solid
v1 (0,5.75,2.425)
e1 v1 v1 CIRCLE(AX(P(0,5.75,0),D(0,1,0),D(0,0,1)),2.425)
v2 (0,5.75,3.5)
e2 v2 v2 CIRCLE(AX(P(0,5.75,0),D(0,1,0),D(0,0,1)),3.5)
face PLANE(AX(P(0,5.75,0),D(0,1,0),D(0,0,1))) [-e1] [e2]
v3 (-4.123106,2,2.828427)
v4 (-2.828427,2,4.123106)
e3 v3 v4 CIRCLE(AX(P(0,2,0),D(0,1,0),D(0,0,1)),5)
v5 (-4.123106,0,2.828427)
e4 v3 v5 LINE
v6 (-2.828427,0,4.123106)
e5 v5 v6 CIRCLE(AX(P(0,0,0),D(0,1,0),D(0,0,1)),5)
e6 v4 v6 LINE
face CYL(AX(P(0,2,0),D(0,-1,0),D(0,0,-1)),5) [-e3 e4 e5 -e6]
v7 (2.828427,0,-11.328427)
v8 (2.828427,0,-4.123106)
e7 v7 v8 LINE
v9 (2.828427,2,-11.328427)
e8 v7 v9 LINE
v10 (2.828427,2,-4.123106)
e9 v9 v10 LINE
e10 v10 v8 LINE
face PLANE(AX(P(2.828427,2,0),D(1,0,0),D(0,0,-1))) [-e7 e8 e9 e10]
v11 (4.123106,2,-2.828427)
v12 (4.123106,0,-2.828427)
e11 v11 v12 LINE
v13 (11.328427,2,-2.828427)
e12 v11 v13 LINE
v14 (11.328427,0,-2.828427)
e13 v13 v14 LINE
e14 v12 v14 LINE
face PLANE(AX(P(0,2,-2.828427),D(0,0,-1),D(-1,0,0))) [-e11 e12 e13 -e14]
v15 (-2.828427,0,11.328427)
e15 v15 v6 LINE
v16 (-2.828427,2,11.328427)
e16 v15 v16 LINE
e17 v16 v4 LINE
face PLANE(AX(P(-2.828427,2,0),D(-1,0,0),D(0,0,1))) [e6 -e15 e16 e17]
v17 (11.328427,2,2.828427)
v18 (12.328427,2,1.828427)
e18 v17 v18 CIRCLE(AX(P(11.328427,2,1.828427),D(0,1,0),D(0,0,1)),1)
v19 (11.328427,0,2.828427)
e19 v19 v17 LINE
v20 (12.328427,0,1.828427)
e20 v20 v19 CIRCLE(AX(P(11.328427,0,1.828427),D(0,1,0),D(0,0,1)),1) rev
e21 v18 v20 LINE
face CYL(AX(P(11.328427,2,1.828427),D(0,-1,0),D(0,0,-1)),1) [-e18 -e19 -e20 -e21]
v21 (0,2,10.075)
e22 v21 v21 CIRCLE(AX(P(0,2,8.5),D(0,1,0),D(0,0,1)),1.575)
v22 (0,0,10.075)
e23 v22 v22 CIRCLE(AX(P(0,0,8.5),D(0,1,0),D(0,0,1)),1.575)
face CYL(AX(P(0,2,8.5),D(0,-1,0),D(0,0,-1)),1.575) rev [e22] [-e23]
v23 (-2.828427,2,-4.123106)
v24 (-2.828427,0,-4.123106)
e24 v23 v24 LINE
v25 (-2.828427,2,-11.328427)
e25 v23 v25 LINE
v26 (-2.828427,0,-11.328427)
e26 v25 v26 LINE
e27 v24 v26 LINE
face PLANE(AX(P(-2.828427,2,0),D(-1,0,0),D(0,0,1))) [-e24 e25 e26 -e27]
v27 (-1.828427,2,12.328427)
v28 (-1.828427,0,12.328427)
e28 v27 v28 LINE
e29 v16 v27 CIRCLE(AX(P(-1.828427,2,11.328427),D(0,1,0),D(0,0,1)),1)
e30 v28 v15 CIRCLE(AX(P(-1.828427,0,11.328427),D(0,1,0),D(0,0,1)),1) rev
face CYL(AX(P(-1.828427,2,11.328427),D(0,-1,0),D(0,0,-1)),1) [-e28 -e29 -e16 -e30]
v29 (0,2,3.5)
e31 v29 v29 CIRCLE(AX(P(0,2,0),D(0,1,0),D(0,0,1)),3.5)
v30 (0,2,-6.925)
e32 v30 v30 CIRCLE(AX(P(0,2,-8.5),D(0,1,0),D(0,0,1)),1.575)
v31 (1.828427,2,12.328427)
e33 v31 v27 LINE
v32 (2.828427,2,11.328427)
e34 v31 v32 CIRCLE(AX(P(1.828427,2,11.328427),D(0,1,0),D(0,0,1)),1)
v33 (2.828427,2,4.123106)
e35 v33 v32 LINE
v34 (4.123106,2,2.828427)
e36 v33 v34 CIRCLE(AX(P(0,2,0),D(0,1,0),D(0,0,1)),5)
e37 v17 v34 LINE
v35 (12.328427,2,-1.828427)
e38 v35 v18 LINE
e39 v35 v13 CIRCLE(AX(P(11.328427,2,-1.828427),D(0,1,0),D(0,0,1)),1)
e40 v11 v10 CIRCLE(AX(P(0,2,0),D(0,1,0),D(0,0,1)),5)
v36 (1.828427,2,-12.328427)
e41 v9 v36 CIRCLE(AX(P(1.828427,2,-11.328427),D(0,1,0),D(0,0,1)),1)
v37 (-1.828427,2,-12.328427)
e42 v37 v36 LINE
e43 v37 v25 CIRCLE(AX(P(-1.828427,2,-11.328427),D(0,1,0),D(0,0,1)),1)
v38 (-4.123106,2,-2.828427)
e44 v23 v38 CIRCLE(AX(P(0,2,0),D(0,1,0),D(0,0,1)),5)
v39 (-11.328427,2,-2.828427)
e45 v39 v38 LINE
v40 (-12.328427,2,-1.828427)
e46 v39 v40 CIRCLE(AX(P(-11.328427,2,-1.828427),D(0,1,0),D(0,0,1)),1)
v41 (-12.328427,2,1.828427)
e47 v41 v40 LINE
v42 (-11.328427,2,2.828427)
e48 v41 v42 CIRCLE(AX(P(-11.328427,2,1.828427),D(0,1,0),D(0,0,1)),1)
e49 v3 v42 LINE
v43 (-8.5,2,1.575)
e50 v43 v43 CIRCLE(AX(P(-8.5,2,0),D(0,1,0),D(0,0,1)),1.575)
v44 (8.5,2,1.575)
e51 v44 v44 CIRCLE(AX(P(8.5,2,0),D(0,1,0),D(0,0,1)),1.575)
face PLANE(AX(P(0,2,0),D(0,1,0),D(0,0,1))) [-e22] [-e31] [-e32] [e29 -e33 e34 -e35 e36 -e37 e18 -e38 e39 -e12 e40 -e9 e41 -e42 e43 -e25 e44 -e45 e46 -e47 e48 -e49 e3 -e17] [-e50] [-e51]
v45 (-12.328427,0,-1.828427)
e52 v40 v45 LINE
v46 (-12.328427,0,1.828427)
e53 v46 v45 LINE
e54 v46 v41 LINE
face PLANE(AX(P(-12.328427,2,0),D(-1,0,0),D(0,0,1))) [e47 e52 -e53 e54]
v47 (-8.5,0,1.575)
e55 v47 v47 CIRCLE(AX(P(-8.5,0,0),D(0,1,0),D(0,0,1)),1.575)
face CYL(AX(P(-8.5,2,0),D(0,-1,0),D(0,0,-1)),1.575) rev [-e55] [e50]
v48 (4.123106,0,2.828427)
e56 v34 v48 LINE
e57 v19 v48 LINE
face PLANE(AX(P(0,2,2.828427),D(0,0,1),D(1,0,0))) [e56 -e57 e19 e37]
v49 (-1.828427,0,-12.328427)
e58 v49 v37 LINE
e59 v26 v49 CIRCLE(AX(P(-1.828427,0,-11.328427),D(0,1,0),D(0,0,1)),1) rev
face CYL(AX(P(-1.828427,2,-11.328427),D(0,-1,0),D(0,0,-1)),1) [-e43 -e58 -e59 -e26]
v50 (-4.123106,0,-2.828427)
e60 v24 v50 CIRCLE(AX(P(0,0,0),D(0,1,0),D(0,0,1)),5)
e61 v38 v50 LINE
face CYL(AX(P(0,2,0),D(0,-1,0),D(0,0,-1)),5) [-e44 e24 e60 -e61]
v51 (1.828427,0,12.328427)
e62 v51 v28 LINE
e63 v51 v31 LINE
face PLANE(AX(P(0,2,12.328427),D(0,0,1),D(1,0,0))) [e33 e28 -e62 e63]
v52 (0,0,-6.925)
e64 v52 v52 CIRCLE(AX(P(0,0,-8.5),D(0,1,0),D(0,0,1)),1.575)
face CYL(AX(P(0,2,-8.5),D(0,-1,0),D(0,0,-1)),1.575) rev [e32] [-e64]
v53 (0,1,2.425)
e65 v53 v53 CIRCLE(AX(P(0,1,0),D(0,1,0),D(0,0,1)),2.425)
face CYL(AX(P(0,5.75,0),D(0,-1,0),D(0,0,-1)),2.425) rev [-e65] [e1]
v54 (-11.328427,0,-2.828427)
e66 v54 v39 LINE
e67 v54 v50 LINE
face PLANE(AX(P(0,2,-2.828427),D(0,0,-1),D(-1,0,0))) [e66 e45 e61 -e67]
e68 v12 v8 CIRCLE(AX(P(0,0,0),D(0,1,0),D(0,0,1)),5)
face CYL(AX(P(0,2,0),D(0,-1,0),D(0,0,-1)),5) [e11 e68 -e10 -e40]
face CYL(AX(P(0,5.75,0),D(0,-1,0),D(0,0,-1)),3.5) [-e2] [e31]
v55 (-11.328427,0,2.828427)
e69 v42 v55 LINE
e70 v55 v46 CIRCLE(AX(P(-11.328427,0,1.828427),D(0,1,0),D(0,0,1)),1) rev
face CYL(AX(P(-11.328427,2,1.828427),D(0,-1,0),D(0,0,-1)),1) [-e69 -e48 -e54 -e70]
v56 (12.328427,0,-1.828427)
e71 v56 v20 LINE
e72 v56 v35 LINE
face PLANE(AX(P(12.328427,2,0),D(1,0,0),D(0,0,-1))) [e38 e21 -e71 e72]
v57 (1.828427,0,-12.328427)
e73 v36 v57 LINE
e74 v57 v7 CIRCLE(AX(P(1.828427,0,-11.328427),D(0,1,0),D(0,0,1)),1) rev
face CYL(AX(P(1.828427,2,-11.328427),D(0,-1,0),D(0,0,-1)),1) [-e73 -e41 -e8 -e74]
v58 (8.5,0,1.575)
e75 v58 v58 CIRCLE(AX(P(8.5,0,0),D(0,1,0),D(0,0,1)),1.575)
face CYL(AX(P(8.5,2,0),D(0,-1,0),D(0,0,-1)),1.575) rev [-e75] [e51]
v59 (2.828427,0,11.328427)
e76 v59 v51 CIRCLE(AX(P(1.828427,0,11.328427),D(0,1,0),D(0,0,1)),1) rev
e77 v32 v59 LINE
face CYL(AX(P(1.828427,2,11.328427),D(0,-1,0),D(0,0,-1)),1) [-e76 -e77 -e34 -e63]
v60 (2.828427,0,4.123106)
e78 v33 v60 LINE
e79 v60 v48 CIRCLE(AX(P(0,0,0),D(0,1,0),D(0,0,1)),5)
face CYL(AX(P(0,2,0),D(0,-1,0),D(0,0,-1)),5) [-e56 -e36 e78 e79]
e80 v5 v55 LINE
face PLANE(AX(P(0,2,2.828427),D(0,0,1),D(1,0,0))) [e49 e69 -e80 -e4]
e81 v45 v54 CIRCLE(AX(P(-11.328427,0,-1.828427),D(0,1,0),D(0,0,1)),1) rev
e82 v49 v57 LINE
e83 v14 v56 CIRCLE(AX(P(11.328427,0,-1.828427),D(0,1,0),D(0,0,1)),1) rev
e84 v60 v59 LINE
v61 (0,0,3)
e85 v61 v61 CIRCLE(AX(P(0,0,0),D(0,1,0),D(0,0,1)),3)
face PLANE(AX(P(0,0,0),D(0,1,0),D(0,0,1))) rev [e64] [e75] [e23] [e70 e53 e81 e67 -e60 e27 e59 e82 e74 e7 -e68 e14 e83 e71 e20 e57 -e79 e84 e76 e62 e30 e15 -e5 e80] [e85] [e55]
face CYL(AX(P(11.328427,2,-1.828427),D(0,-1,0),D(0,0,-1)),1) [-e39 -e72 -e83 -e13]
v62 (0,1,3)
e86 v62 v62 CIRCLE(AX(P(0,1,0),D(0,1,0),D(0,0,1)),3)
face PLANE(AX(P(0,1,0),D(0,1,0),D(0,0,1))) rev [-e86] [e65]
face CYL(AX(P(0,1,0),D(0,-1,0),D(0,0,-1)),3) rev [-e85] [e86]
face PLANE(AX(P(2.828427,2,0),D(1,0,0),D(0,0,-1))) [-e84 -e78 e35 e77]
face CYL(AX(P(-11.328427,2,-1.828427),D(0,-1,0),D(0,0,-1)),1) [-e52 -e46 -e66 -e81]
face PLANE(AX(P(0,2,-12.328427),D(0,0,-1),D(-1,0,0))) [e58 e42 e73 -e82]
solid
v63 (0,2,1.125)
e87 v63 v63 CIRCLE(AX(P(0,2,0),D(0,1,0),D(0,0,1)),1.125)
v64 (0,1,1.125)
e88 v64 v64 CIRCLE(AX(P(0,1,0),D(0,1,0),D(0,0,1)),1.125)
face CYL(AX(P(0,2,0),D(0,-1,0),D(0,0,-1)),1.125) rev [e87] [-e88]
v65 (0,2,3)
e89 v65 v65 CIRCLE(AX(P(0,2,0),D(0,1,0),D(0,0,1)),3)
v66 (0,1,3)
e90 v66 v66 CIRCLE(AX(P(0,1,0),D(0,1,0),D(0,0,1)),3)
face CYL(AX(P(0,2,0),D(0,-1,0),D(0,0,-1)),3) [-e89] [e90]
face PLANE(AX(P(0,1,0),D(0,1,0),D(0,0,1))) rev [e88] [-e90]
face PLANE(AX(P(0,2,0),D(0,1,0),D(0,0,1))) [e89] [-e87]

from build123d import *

# Parameters (mm, degrees)
SKETCH1_R             = 1.575
SKETCH1_R_2           = 3.5
BOSS_EXTRUDE1_DEPTH   = 2
SKETCH1_R_3           = 3
SKETCH1_R_4           = 1.125
BOSS_EXTRUDE1_2_DEPTH = 2
SKETCH1_3_R           = 3.5
SKETCH1_3_R_2         = 2.425
BOSS_EXTRUDE2_DEPTH   = 5.75
FILLET1_R             = 1
CUT_EXTRUDE1_DEPTH    = 1


with BuildPart() as part:
    # Sketch1 → Boss-Extrude1 (new body)
    with BuildSketch(Plane(origin=(0, 0, 0), x_dir=(1, 0, 0), z_dir=(0, 1, 0))):
        with BuildLine():
            ThreePointArc((-2.828427125, 4.123105626), (-3.535533906, 3.535533906), (-4.123105626, 2.828427125))
            Line((-4.123105626, 2.828427125), (-12.328427125, 2.828427125))
            Line((-12.328427125, 2.828427125), (-12.328427125, -2.828427125))
            Line((-12.328427125, -2.828427125), (-4.123105626, -2.828427125))
            ThreePointArc((-4.123105626, -2.828427125), (-3.535533906, -3.535533906), (-2.828427125, -4.123105626))
            Line((-2.828427125, -4.123105626), (-2.828427125, -12.328427125))
            Line((-2.828427125, -12.328427125), (2.828427125, -12.328427125))
            Line((2.828427125, -12.328427125), (2.828427125, -4.123105626))
            ThreePointArc((2.828427125, -4.123105626), (3.535533906, -3.535533906), (4.123105626, -2.828427125))
            Line((4.123105626, -2.828427125), (12.328427125, -2.828427125))
            Line((12.328427125, -2.828427125), (12.328427125, 2.828427125))
            Line((12.328427125, 2.828427125), (4.123105626, 2.828427125))
            ThreePointArc((4.123105626, 2.828427125), (3.535533906, 3.535533906), (2.828427125, 4.123105626))
            Line((2.828427125, 4.123105626), (2.828427125, 12.328427125))
            Line((2.828427125, 12.328427125), (-2.828427125, 12.328427125))
            Line((-2.828427125, 12.328427125), (-2.828427125, 4.123105626))
        make_face()
        with Locations(Location((0, -8.5, 0), (0, 0, 270))):
            Circle(SKETCH1_R, mode=Mode.SUBTRACT)
        with Locations(Location((0, 0, 0), (0, 0, 270))):
            Circle(SKETCH1_R_2, mode=Mode.SUBTRACT)
        with Locations(Location((0, 8.5, 0), (0, 0, 270))):
            Circle(SKETCH1_R, mode=Mode.SUBTRACT)
        with Locations(Location((8.5, 0, 0), (0, 0, 270))):
            Circle(SKETCH1_R, mode=Mode.SUBTRACT)
        with Locations(Location((-8.5, 0, 0), (0, 0, 270))):
            Circle(SKETCH1_R, mode=Mode.SUBTRACT)
    extrude(amount=BOSS_EXTRUDE1_DEPTH)

    # Sketch1<3> → Boss-Extrude2 (add)
    with BuildSketch(Plane(origin=(0, 0, 0), x_dir=(1, 0, 0), z_dir=(0, 1, 0))):
        with Locations(Location((0, 0, 0), (0, 0, 270))):
            Circle(SKETCH1_3_R)
        with Locations(Location((0, 0, 0), (0, 0, 270))):
            Circle(SKETCH1_3_R_2, mode=Mode.SUBTRACT)
    extrude(amount=BOSS_EXTRUDE2_DEPTH)

    # Fillet1
    fillet1_edges = [part.edges().sort_by_distance(p)[0] for p in [
        (-2.828427125, 1, -12.328427125),
        (2.828427125, 1, -12.328427125),
        (12.328427125, 1, -2.828427125),
        (12.328427125, 1, 2.828427125),
        (2.828427125, 1, 12.328427125),
        (-2.828427125, 1, 12.328427125),
        (-12.328427125, 1, 2.828427125),
        (-12.328427125, 1, -2.828427125),
    ]]
    fillet(fillet1_edges, radius=FILLET1_R)


with BuildPart() as body_2:
    # Sketch1 → Boss-Extrude1 2 (new body)
    with BuildSketch(Plane(origin=(0, 0, 0), x_dir=(1, 0, 0), z_dir=(0, 1, 0))):
        with Locations(Location((0, 0, 0), (0, 0, 270))):
            Circle(SKETCH1_R_3)
        with Locations(Location((0, 0, 0), (0, 0, 270))):
            Circle(SKETCH1_R_4, mode=Mode.SUBTRACT)
    extrude(amount=BOSS_EXTRUDE1_2_DEPTH)


with BuildPart() as cut_extrude1_tool:
    # Sketch1<4> → Cut-Extrude1 (new body)
    with BuildSketch(Plane(origin=(0, 0, 0), x_dir=(1, 0, 0), z_dir=(0, 1, 0))):
        with BuildLine():
            Line((1.714733944, 1.714733944), (2.121320344, 2.121320344))
            ThreePointArc((2.121320344, 2.121320344), (1.148050297, 2.771638598), (0, 3))
            Line((0, 3), (0, 2.425))
            ThreePointArc((0, 2.425), (0.928007323, 2.240407866), (1.714733944, 1.714733944))
        make_face()
        with BuildLine():
            ThreePointArc((3, 0), (2.771638598, 1.148050297), (2.121320344, 2.121320344))
            Line((2.121320344, 2.121320344), (1.714733944, 1.714733944))
            ThreePointArc((1.714733944, 1.714733944), (2.240407866, 0.928007323), (2.425, 0))
            ThreePointArc((2.425, 0), (2.240407866, -0.928007323), (1.714733944, -1.714733944))
            Line((1.714733944, -1.714733944), (2.121320344, -2.121320344))
            ThreePointArc((2.121320344, -2.121320344), (2.771638598, -1.148050297), (3, 0))
        make_face()
        with BuildLine():
            ThreePointArc((-2.121320344, -2.121320344), (0, -3), (2.121320344, -2.121320344))
            Line((2.121320344, -2.121320344), (1.714733944, -1.714733944))
            ThreePointArc((1.714733944, -1.714733944), (0, -2.425), (-1.714733944, -1.714733944))
            Line((-1.714733944, -1.714733944), (-2.121320344, -2.121320344))
        make_face()
        with BuildLine():
            Line((-1.714733944, 1.714733944), (-2.121320344, 2.121320344))
            ThreePointArc((-2.121320344, 2.121320344), (-3, 0), (-2.121320344, -2.121320344))
            Line((-2.121320344, -2.121320344), (-1.714733944, -1.714733944))
            ThreePointArc((-1.714733944, -1.714733944), (-2.425, 0), (-1.714733944, 1.714733944))
        make_face()
        with BuildLine():
            ThreePointArc((2.425, 0), (2.240407866, 0.928007323), (1.714733944, 1.714733944))
            Line((1.714733944, 1.714733944), (0.795495129, 0.795495129))
            ThreePointArc((0.795495129, 0.795495129), (1.039364474, 0.430518861), (1.125, 0))
            ThreePointArc((1.125, 0), (1.039364474, -0.430518861), (0.795495129, -0.795495129))
            Line((0.795495129, -0.795495129), (1.714733944, -1.714733944))
            ThreePointArc((1.714733944, -1.714733944), (2.240407866, -0.928007323), (2.425, 0))
        make_face()
        with BuildLine():
            ThreePointArc((-1.714733944, -1.714733944), (0, -2.425), (1.714733944, -1.714733944))
            Line((1.714733944, -1.714733944), (0.795495129, -0.795495129))
            ThreePointArc((0.795495129, -0.795495129), (0, -1.125), (-0.795495129, -0.795495129))
            Line((-0.795495129, -0.795495129), (-1.714733944, -1.714733944))
        make_face()
        with BuildLine():
            Line((-0.795495129, 0.795495129), (-1.714733944, 1.714733944))
            ThreePointArc((-1.714733944, 1.714733944), (-2.425, 0), (-1.714733944, -1.714733944))
            Line((-1.714733944, -1.714733944), (-0.795495129, -0.795495129))
            ThreePointArc((-0.795495129, -0.795495129), (-1.125, 0), (-0.795495129, 0.795495129))
        make_face()
        with BuildLine():
            Line((0.795495129, 0.795495129), (1.714733944, 1.714733944))
            ThreePointArc((1.714733944, 1.714733944), (0.928007323, 2.240407866), (0, 2.425))
            Line((0, 2.425), (0, 1.125))
            ThreePointArc((0, 1.125), (0.430518861, 1.039364474), (0.795495129, 0.795495129))
        make_face()
        with BuildLine():
            Line((0, 1.125), (0, 2.425))
            ThreePointArc((0, 2.425), (-0.928007323, 2.240407866), (-1.714733944, 1.714733944))
            Line((-1.714733944, 1.714733944), (-0.795495129, 0.795495129))
            ThreePointArc((-0.795495129, 0.795495129), (-0.430518861, 1.039364474), (0, 1.125))
        make_face()
        with BuildLine():
            Line((0, 2.425), (0, 3))
            ThreePointArc((0, 3), (-1.148050297, 2.771638598), (-2.121320344, 2.121320344))
            Line((-2.121320344, 2.121320344), (-1.714733944, 1.714733944))
            ThreePointArc((-1.714733944, 1.714733944), (-0.928007323, 2.240407866), (0, 2.425))
        make_face()
    extrude(amount=CUT_EXTRUDE1_DEPTH)


with BuildPart() as part_1:
    add(part.part)

    # Cut-Extrude1: cut by cut_extrude1_tool
    add(cut_extrude1_tool.part, mode=Mode.SUBTRACT)


with BuildPart() as body_2_1:
    add(body_2.part)

    # Cut-Extrude1: cut by cut_extrude1_tool
    add(cut_extrude1_tool.part, mode=Mode.SUBTRACT)


solid = Compound([part_1.part, body_2_1.part])
